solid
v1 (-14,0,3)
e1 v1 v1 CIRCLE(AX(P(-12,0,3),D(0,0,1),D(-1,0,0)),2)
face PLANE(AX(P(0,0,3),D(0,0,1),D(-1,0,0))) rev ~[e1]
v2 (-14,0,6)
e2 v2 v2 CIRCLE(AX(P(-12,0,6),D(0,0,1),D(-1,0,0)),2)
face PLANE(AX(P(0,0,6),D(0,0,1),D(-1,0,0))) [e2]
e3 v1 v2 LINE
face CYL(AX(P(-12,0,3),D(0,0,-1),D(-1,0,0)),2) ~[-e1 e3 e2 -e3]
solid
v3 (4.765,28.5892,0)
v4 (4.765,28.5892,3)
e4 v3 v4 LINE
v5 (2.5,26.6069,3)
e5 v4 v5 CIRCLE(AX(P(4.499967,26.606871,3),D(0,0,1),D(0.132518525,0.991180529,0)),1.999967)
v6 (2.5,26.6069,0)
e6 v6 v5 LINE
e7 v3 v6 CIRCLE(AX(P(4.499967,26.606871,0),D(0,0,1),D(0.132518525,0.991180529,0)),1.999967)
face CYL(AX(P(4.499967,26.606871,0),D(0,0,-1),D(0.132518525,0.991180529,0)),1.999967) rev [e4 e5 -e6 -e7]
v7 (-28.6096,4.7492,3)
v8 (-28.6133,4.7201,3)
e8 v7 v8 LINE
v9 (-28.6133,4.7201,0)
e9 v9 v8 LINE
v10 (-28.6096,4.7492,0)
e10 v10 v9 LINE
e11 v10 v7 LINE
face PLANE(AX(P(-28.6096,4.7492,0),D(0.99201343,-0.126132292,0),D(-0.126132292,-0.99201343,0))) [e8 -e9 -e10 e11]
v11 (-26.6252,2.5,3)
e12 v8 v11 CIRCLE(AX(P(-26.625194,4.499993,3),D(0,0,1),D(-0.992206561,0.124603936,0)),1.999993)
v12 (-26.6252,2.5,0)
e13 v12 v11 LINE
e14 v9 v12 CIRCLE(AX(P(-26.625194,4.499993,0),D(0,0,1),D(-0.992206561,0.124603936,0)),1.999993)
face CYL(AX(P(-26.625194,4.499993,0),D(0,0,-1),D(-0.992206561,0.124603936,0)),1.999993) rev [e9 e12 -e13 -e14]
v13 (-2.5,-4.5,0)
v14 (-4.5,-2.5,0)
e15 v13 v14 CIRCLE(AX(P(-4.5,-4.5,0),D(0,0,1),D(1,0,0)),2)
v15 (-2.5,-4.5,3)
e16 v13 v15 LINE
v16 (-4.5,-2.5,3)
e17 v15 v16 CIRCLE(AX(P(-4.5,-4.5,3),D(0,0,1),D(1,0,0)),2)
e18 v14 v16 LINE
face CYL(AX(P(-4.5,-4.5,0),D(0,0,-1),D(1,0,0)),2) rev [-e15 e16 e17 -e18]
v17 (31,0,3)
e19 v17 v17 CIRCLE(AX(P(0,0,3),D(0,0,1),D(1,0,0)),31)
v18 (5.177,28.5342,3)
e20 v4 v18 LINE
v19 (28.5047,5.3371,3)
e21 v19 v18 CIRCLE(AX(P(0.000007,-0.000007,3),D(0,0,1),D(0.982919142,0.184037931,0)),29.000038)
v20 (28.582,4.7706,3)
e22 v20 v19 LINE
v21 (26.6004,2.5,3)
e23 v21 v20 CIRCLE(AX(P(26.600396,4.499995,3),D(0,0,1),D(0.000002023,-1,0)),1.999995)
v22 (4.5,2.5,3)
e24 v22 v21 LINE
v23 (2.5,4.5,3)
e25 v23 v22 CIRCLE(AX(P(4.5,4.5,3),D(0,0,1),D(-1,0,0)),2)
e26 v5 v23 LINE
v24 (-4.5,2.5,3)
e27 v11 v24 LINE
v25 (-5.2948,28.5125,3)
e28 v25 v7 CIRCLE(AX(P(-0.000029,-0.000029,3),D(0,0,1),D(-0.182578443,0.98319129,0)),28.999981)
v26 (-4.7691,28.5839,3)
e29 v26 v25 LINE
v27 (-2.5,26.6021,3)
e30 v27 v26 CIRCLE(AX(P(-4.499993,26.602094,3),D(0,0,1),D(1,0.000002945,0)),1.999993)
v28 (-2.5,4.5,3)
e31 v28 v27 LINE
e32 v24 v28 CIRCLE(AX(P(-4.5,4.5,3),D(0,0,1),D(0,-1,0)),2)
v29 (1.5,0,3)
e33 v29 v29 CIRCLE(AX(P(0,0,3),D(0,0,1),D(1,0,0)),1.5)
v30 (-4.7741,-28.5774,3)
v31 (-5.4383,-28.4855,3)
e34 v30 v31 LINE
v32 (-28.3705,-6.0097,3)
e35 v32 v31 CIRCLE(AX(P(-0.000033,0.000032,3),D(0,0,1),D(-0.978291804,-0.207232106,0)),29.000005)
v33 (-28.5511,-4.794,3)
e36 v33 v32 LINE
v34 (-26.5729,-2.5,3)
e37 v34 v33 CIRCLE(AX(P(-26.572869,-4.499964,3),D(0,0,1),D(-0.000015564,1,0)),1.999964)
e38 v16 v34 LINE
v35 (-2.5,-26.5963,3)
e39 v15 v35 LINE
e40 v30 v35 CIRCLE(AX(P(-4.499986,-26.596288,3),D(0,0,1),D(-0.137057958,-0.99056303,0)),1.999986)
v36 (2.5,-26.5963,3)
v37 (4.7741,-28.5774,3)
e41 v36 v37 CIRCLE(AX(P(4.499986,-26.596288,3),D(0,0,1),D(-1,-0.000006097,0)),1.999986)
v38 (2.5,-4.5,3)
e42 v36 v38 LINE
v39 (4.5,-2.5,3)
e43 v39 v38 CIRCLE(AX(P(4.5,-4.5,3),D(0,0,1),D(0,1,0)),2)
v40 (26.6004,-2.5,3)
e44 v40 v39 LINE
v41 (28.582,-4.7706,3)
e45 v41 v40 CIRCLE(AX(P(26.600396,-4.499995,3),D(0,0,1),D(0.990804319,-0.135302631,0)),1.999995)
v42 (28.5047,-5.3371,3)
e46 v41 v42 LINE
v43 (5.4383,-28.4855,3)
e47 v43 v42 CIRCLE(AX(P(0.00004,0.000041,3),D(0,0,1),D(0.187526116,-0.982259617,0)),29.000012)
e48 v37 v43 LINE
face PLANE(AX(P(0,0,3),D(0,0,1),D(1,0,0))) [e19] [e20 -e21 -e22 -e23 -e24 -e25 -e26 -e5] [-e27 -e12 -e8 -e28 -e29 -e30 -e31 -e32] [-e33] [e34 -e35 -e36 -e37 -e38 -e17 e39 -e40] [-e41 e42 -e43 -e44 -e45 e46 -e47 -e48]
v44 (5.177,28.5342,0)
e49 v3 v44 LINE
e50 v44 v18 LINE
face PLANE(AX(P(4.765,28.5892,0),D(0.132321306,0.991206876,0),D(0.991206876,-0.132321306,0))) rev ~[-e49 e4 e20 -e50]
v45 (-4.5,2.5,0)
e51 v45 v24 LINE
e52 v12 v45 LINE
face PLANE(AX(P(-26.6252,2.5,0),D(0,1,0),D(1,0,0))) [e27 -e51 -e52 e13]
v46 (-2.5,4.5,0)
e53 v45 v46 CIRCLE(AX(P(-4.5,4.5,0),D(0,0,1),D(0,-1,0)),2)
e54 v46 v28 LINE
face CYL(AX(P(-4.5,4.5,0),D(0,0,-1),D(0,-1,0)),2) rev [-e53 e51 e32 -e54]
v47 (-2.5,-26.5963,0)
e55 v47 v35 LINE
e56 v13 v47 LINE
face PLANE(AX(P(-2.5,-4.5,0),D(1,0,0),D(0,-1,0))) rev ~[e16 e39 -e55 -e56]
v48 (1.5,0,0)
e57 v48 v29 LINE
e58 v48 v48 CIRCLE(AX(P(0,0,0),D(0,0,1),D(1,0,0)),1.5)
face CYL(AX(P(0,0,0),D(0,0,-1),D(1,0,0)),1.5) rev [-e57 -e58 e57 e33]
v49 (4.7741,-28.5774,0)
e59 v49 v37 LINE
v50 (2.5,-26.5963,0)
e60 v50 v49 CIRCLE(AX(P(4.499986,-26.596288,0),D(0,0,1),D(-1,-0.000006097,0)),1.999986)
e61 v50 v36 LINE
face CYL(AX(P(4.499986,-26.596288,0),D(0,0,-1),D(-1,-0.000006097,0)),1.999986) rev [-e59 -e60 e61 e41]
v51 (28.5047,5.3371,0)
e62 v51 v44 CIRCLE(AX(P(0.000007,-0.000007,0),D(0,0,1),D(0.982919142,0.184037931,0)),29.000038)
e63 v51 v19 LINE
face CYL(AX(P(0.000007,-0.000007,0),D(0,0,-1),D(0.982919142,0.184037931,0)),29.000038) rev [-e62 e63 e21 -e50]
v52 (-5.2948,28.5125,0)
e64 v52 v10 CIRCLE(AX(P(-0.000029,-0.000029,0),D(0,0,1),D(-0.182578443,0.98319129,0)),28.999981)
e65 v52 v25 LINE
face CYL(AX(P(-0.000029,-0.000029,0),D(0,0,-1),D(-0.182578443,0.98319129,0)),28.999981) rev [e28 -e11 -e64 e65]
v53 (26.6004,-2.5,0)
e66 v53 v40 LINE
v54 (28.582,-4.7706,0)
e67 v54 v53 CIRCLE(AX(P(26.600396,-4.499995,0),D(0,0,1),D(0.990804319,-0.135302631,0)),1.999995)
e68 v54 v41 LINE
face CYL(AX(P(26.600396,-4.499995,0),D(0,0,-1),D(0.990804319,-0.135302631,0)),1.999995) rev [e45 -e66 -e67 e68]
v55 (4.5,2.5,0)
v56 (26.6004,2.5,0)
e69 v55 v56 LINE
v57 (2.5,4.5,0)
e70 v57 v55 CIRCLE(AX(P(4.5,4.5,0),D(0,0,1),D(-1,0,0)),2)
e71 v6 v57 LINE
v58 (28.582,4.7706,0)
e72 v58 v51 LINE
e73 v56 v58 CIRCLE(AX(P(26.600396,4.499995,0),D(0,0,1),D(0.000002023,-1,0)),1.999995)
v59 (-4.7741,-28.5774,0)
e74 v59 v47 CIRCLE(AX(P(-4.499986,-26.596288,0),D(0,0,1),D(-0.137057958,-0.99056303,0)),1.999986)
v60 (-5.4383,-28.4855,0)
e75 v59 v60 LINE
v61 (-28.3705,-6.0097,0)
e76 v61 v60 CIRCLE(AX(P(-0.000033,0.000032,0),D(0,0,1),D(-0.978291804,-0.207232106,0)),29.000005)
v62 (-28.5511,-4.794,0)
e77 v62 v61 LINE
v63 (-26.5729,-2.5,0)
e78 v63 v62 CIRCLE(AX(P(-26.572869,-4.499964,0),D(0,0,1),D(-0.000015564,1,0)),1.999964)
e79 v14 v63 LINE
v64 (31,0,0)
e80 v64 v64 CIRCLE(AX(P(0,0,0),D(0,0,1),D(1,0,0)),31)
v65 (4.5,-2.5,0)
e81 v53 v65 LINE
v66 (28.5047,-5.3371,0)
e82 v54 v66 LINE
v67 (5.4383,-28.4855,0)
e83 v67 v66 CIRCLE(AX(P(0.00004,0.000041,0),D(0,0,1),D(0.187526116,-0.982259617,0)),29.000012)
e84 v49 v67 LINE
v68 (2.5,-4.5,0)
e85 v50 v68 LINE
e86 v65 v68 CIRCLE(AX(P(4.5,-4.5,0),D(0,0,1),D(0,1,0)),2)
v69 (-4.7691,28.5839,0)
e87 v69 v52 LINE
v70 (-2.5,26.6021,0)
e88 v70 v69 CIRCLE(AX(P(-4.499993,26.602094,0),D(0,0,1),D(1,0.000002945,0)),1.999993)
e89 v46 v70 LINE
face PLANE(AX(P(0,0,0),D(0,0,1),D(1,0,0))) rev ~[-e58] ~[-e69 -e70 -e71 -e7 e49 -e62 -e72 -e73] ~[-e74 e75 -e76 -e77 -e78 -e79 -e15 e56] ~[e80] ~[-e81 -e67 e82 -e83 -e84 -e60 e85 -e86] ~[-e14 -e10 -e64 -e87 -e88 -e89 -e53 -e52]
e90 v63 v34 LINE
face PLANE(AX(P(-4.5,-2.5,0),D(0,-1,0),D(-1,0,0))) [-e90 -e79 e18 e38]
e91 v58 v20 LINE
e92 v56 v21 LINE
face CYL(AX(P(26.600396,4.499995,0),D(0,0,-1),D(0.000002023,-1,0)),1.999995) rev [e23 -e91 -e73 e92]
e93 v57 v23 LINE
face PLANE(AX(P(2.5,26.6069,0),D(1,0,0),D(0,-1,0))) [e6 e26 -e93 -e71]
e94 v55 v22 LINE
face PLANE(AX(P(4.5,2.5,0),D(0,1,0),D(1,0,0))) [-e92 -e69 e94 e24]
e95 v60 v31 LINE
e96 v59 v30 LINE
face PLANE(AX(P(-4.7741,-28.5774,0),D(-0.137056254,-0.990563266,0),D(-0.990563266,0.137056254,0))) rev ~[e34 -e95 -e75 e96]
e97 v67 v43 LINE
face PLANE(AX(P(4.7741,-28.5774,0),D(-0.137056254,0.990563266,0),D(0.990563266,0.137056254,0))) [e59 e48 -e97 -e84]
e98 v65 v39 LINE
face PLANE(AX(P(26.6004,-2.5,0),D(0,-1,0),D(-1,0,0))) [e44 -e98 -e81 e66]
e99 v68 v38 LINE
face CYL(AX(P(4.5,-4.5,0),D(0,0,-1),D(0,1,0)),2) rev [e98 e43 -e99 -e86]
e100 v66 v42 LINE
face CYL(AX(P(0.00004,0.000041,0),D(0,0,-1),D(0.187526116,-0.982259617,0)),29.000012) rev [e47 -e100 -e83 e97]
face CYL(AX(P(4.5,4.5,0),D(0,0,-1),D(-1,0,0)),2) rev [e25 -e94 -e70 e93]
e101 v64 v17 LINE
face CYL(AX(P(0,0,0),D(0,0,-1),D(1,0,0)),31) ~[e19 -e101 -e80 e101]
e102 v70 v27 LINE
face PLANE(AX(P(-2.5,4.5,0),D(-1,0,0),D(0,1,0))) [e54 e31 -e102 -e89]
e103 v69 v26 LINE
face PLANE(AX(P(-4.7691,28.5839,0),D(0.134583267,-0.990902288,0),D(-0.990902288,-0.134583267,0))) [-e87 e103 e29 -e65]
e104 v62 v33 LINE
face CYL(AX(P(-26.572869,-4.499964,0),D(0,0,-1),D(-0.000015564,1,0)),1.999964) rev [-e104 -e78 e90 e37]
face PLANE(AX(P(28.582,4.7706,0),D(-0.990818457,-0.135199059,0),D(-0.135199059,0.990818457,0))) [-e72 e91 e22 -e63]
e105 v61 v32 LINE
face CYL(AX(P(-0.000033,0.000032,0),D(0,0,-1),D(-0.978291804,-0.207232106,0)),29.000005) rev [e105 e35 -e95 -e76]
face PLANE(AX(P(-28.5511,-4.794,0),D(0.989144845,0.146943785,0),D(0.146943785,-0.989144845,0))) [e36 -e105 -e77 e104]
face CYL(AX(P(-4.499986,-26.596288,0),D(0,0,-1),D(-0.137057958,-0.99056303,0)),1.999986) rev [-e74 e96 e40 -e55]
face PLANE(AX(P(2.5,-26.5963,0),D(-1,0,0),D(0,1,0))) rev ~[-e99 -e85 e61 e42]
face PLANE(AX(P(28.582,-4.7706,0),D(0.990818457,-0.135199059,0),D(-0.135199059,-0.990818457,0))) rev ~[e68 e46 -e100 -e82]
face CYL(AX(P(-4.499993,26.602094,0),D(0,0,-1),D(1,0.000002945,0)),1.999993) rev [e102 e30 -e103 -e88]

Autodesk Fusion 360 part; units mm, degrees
sketch "Sketch1" plane through (0, 0, 0) normal (0, 0, 1) x (1, 0, 0)
  circle A0 centre (0, 0) radius 31
  line L0 (-2.5, 4.5) -> (-2.5, 26.6021)
  line L1 (2.5, 26.6069) -> (2.5, 4.5)
  line L2 (4.5, 2.5) -> (26.6004, 2.5)
  line L3 (30, 2.5) -> (30, -2.5)
  line L4 (26.6004, -2.5) -> (4.5, -2.5)
  line L5 (-2.5, -4.5) -> (-2.5, -26.5963)
  line L6 (-2.5, -29.8321) -> (2.5, -29.8321)
  line L7 (2.5, -26.5963) -> (2.5, -4.5)
  line L8 (-4.5, -2.5) -> (-26.5729, -2.5)
  line L9 (-30.0038, -2.5) -> (-30.0038, 2.5)
  line L10 (-26.6252, 2.5) -> (-4.5, 2.5)
  arc A1 (2.5, 4.5) -> (4.5, 2.5) centre (4.5, 4.5) ccw
  arc A2 (4.5, -2.5) -> (2.5, -4.5) centre (4.5, -4.5) ccw
  arc A3 (-2.5, -4.5) -> (-4.5, -2.5) centre (-4.5, -4.5) ccw
  arc A4 (-4.5, 2.5) -> (-2.5, 4.5) centre (-4.5, 4.5) ccw
  line L11 (-28.6096, 4.7492) -> (-28.6133, 4.7201)
  arc A5 (-28.6096, 4.7492) -> (-26.6252, 2.5) centre (-26.6252, 4.5) ccw
  line L12 (-28.5511, -4.794) -> (-28.3705, -6.0097)
  arc A6 (-26.5729, -2.5) -> (-28.5511, -4.794) centre (-26.5729, -4.5) ccw
  line L13 (-4.7741, -28.5774) -> (-5.4383, -28.4855)
  line L14 (4.7741, -28.5774) -> (5.4383, -28.4855)
  arc A7 (2.5, -26.5963) -> (4.7741, -28.5774) centre (4.5, -26.5963) ccw
  arc A8 (-4.7741, -28.5774) -> (-2.5, -26.5963) centre (-4.5, -26.5963) ccw
  line L15 (28.582, -4.7706) -> (28.5047, -5.3371)
  line L16 (28.582, 4.7706) -> (28.5047, 5.3371)
  arc A9 (26.6004, 2.5) -> (28.582, 4.7706) centre (26.6004, 4.5) ccw
  arc A10 (28.582, -4.7706) -> (26.6004, -2.5) centre (26.6004, -4.5) ccw
  line L17 (4.765, 28.5892) -> (5.177, 28.5342)
  arc A11 (4.765, 28.5892) -> (2.5, 26.6069) centre (4.5, 26.6069) ccw
  line L18 (-4.7691, 28.5839) -> (-5.2948, 28.5125)
  arc A12 (-2.5, 26.6021) -> (-4.7691, 28.5839) centre (-4.5, 26.6021) ccw
  arc A13 (28.5047, 5.3371) -> (5.177, 28.5342) centre (0, 0) ccw
  arc A14 (-5.2948, 28.5125) -> (-28.6133, 4.7201) centre (0, 0) ccw
  arc A15 (-28.3705, -6.0097) -> (-5.4383, -28.4855) centre (0, 0) ccw
  arc A16 (5.4383, -28.4855) -> (28.5047, -5.3371) centre (0, 0) ccw
  circle A17 centre (0, 0) radius 1.5
  dimension "d1" = 62
  dimension "d2" = 58
  dimension "d7" = 2
  dimension "d8" = 2
  dimension "d9" = 2
  dimension "d10" = 2
  dimension "d11" = 2
  dimension "d12" = 2
  dimension "d13" = 2
  dimension "d14" = 2
  dimension "d15" = 2
  dimension "d16" = 2
  dimension "d17" = 2
  dimension "d18" = 2
  dimension "d19" = 3
extrude "Extrude1" add sketch "Sketch1" along normal blind 3 makes body 1
sketch "Sketch2" plane through (0, 0, 3) normal (0, 0, 1) x (-1, 0, 0)
  line L0 (4.5, -2.5) -> (26.6252, -2.5)
  arc A0 (28.6126, -4.7241) -> (26.6252, -2.5) centre (26.6252, -4.5) ccw
  arc A1 (28.6126, -4.7241) -> (28.6133, -4.7201) centre (0, 0) ccw
  line L1 (28.6133, -4.7201) -> (28.6096, -4.7492)
  arc A2 (28.6096, -4.7492) -> (28.6126, -4.7241) centre (26.6252, -4.5) ccw
  arc A3 (5.2948, -28.5125) -> (28.6126, -4.7241) centre (0, 0) ccw
  line L2 (5.2948, -28.5125) -> (4.7691, -28.5839)
  arc A4 (2.5, -26.6021) -> (4.7691, -28.5839) centre (4.5, -26.6021) ccw
  line L3 (2.5, -26.6021) -> (2.5, -4.5)
  arc A5 (4.5, -2.5) -> (2.5, -4.5) centre (4.5, -4.5) ccw
  arc A6 (2.5, 4.5) -> (4.5, 2.5) centre (4.5, 4.5) ccw
  line L4 (2.5, 4.5) -> (2.5, 26.5963)
  arc A7 (4.7741, 28.5774) -> (2.5, 26.5963) centre (4.5, 26.5963) ccw
  line L5 (4.7741, 28.5774) -> (5.4383, 28.4855)
  arc A8 (28.3705, 6.0097) -> (5.4383, 28.4855) centre (0, 0) ccw
  line L6 (28.3705, 6.0097) -> (28.5511, 4.794)
  arc A9 (26.5729, 2.5) -> (28.5511, 4.794) centre (26.5729, 4.5) ccw
  line L7 (26.5729, 2.5) -> (4.5, 2.5)
  circle A10 centre (0, 0) radius 1.5
  arc A11 (-4.765, -28.5892) -> (-2.5, -26.6069) centre (-4.5, -26.6069) ccw
  line L8 (-4.765, -28.5892) -> (-5.177, -28.5342)
  arc A12 (-28.5047, -5.3371) -> (-5.177, -28.5342) centre (0, 0) ccw
  line L9 (-28.5047, -5.3371) -> (-28.582, -4.7706)
  arc A13 (-26.6004, -2.5) -> (-28.582, -4.7706) centre (-26.6004, -4.5) ccw
  line L10 (-26.6004, -2.5) -> (-4.5, -2.5)
  arc A14 (-2.5, -4.5) -> (-4.5, -2.5) centre (-4.5, -4.5) ccw
  line L11 (-2.5, -4.5) -> (-2.5, -26.6069)
  arc A15 (-2.5, 26.5963) -> (-4.7741, 28.5774) centre (-4.5, 26.5963) ccw
  line L12 (-2.5, 26.5963) -> (-2.5, 4.5)
  arc A16 (-4.5, 2.5) -> (-2.5, 4.5) centre (-4.5, 4.5) ccw
  line L13 (-4.5, 2.5) -> (-26.6004, 2.5)
  arc A17 (-28.582, 4.7706) -> (-26.6004, 2.5) centre (-26.6004, 4.5) ccw
  line L14 (-28.582, 4.7706) -> (-28.5047, 5.3371)
  arc A18 (-5.4383, 28.4855) -> (-28.5047, 5.3371) centre (0, 0) ccw
  line L15 (-5.4383, 28.4855) -> (-4.7741, 28.5774)
  circle A19 centre (0, 0) radius 31
  line L16 (31, 0) -> (12, 0)
  circle A20 centre (12, 0) radius 2
  dimension "d22" = 19
  dimension "d23" = 4
extrude "Extrude2" add sketch "Sketch2" along normal blind 3 separate body contours A20 makes body 2
